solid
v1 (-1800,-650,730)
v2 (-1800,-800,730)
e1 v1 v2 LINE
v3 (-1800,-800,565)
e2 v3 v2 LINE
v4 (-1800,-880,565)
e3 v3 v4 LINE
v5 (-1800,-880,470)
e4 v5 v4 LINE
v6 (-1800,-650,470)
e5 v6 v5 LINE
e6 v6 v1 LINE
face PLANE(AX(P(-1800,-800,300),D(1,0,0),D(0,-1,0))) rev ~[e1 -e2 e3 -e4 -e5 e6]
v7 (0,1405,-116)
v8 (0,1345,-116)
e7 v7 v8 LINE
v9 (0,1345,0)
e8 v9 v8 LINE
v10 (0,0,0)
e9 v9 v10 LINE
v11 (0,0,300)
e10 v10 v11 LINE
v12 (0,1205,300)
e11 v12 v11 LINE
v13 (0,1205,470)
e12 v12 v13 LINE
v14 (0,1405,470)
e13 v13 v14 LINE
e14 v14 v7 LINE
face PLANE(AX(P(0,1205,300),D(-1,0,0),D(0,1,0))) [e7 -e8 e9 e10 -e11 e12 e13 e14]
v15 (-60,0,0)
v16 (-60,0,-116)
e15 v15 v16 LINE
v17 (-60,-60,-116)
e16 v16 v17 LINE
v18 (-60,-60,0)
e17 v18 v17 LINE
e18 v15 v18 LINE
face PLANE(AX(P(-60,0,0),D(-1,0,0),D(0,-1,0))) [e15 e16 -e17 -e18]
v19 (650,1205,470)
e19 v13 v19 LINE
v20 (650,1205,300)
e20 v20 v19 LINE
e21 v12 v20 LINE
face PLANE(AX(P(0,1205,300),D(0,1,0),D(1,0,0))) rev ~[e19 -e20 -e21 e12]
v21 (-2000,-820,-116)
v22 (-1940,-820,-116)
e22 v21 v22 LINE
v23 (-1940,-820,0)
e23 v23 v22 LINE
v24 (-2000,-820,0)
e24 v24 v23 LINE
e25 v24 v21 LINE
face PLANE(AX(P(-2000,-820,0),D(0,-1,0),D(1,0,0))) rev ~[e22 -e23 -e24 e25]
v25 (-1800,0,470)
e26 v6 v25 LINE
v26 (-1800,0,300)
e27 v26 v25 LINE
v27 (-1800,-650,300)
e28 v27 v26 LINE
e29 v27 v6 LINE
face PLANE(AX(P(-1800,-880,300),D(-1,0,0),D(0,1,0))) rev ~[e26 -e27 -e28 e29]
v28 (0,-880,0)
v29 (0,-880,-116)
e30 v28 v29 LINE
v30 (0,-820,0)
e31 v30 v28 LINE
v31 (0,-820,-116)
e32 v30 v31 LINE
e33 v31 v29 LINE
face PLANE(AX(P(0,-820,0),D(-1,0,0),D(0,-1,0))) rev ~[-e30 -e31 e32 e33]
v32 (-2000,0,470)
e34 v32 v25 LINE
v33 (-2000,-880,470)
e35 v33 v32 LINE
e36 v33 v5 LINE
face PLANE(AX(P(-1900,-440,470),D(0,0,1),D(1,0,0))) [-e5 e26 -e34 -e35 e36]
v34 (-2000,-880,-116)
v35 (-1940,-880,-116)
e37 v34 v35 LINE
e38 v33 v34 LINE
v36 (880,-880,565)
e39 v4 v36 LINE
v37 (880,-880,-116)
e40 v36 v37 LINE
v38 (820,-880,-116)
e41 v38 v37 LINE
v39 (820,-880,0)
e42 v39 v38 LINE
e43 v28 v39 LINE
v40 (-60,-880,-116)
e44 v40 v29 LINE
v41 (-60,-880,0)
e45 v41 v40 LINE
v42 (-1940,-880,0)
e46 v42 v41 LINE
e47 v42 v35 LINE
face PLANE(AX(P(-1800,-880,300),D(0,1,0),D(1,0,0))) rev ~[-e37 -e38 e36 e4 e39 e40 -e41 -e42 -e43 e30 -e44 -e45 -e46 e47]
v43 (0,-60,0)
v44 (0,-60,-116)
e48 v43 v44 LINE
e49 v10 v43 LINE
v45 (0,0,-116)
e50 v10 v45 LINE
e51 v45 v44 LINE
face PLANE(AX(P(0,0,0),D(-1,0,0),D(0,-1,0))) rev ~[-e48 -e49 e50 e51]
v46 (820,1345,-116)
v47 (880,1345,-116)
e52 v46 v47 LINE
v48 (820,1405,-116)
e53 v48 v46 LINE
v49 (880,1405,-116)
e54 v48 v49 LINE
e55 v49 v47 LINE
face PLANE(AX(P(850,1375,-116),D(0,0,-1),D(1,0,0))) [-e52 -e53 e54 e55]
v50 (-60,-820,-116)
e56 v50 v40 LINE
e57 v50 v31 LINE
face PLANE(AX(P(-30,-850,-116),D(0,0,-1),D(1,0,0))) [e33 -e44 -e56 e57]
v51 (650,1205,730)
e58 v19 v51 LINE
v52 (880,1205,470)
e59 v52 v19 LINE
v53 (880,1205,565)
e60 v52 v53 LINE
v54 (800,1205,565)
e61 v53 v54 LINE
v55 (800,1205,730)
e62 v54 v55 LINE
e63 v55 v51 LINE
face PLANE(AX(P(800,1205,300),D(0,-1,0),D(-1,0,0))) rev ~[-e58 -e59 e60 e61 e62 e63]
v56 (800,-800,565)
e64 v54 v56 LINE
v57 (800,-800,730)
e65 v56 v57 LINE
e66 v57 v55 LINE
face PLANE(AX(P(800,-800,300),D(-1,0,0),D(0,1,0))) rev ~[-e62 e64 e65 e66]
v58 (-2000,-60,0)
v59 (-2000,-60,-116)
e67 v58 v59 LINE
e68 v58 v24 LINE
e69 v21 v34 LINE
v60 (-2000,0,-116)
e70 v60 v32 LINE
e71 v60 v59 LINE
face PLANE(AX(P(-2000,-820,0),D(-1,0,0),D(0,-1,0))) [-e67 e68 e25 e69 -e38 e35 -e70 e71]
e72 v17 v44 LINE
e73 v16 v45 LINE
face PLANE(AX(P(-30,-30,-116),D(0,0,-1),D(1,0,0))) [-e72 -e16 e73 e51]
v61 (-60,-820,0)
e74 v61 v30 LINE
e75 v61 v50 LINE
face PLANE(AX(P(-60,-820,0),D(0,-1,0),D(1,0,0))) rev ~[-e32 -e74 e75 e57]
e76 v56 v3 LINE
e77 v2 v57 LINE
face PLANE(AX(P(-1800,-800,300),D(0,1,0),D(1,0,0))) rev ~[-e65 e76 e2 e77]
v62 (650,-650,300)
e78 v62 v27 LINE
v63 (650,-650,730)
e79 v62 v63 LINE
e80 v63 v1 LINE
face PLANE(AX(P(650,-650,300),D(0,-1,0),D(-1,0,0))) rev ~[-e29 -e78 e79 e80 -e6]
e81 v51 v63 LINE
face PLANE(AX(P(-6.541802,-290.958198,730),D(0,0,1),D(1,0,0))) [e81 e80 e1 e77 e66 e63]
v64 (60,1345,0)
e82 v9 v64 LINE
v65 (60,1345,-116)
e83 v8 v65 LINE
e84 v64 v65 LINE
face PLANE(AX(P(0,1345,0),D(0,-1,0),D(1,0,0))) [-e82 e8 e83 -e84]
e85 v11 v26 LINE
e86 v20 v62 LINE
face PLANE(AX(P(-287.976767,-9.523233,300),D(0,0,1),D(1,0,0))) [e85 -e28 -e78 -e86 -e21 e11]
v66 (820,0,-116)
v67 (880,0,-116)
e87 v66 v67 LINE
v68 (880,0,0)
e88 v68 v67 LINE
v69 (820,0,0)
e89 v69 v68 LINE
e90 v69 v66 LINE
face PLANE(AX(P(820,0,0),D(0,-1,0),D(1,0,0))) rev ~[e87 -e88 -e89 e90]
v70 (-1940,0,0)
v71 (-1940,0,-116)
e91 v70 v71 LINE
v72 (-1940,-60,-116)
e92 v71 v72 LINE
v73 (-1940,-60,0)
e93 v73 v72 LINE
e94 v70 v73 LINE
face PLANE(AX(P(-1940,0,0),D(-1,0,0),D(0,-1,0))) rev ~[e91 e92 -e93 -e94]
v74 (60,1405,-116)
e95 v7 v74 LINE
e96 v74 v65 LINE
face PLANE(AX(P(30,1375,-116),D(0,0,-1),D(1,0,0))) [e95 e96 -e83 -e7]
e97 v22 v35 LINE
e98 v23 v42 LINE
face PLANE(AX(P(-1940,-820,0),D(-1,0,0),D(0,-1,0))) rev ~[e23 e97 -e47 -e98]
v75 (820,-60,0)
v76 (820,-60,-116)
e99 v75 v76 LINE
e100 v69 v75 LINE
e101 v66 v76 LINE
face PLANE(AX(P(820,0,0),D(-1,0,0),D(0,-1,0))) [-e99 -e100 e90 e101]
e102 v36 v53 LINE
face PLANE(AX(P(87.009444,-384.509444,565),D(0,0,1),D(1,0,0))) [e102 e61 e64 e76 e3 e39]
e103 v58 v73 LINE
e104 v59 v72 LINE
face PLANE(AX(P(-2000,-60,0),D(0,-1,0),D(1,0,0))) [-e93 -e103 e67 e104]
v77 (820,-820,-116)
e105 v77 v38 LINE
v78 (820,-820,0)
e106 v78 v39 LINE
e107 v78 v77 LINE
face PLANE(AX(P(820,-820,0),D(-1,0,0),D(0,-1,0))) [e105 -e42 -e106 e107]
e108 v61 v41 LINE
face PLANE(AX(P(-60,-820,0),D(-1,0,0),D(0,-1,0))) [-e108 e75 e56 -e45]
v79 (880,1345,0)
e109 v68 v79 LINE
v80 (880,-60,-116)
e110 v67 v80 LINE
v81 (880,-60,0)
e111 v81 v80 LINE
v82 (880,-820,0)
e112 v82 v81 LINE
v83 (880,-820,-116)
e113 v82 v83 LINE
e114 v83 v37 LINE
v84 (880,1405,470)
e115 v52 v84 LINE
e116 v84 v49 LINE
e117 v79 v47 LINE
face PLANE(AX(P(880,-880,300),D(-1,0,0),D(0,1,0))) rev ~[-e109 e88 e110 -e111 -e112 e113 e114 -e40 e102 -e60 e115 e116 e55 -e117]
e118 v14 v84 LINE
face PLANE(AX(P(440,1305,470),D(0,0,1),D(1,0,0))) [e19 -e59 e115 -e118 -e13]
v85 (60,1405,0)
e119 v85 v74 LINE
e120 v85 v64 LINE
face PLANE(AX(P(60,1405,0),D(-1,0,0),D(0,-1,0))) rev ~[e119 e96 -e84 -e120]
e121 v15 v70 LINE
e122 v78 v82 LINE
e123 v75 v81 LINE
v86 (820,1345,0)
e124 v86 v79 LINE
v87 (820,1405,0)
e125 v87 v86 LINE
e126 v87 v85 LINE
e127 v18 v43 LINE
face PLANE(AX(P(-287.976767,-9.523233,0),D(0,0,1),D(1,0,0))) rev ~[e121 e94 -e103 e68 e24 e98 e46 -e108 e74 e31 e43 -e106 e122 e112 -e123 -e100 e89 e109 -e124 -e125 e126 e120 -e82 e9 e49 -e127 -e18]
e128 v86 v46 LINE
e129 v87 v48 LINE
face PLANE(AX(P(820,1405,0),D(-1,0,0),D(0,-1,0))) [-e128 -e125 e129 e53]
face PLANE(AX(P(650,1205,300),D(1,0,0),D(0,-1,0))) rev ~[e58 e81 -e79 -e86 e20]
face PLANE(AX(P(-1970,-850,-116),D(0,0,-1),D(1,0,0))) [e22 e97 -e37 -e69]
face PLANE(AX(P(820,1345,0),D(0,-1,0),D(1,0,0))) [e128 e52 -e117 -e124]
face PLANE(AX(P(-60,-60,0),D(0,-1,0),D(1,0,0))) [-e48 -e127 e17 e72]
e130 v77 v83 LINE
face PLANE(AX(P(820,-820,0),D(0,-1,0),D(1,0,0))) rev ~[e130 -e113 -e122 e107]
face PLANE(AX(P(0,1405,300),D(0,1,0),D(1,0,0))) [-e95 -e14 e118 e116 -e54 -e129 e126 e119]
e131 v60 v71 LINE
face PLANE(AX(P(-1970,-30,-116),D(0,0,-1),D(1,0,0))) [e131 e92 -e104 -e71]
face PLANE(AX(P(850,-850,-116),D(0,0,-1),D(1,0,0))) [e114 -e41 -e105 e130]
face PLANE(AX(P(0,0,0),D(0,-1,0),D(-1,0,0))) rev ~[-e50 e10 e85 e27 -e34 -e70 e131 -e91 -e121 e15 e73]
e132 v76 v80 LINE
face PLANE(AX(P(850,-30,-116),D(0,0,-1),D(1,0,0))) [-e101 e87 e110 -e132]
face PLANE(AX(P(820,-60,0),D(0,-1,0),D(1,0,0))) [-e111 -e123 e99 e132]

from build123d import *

# Parameters (mm, degrees)
F1_DEPTH = 300
F2_W     = 60
F2_H     = 60
F3_DEPTH = 116
F4_W     = 880
F4_H     = 200
F4_W_2   = 200
F4_H_2   = 880
F5_DEPTH = 170
F7_DEPTH = 265
F9_DEPTH = 430


with BuildPart() as f1:
    # F0 (on Top) → F1 (new body)
    with BuildSketch(Plane.XY):
        Polygon((0, 1405), (0, 0), (-2000, 0), (-2000, -880), (880, -880), (880, 1405), align=None)
    extrude(amount=F1_DEPTH)

    # F2 (on face) → F3 (join)
    with BuildSketch(Plane(origin=(0, 0, 0), x_dir=(1, 0, 0), z_dir=(0, 0, -1))):
        with Locations((-1970, 850)):
            Rectangle(F2_W, F2_H)
        with Locations((-1970, 30)):
            Rectangle(F2_W, F2_H)
        with Locations((-30, 30)):
            Rectangle(F2_W, F2_H)
        with Locations((-30, 850)):
            Rectangle(F2_W, F2_H)
        with Locations((850, 850)):
            Rectangle(F2_W, F2_H)
        with Locations((850, 30)):
            Rectangle(F2_W, F2_H)
        with Locations((30, -1375)):
            Rectangle(F2_W, F2_H)
        with Locations((850, -1375)):
            Rectangle(F2_W, F2_H)
    extrude(amount=F3_DEPTH)

    # F4 (on face) → F5 (join)
    with BuildSketch(Plane.XY.offset(300)):
        with Locations((440, 1305)):
            Rectangle(F4_W, F4_H)
        with Locations((-1900, -440)):
            Rectangle(F4_W_2, F4_H_2)
    extrude(amount=F5_DEPTH)

    # F6 (on face) → F7 (join)
    with BuildSketch(Plane.XY.offset(300)):
        Polygon((880, -880), (880, 1205), (800, 1205), (800, -800), (-1800, -800), (-1800, -880), (800, -880), align=None)
    extrude(amount=F7_DEPTH)

    # F8 (on face) → F9 (join)
    with BuildSketch(Plane.XY.offset(300)):
        Polygon((650, -800), (800, -800), (800, 1205), (650, 1205), (650, -650), (-1800, -650), (-1800, -800), align=None)
    extrude(amount=F9_DEPTH)


solid = f1.part
